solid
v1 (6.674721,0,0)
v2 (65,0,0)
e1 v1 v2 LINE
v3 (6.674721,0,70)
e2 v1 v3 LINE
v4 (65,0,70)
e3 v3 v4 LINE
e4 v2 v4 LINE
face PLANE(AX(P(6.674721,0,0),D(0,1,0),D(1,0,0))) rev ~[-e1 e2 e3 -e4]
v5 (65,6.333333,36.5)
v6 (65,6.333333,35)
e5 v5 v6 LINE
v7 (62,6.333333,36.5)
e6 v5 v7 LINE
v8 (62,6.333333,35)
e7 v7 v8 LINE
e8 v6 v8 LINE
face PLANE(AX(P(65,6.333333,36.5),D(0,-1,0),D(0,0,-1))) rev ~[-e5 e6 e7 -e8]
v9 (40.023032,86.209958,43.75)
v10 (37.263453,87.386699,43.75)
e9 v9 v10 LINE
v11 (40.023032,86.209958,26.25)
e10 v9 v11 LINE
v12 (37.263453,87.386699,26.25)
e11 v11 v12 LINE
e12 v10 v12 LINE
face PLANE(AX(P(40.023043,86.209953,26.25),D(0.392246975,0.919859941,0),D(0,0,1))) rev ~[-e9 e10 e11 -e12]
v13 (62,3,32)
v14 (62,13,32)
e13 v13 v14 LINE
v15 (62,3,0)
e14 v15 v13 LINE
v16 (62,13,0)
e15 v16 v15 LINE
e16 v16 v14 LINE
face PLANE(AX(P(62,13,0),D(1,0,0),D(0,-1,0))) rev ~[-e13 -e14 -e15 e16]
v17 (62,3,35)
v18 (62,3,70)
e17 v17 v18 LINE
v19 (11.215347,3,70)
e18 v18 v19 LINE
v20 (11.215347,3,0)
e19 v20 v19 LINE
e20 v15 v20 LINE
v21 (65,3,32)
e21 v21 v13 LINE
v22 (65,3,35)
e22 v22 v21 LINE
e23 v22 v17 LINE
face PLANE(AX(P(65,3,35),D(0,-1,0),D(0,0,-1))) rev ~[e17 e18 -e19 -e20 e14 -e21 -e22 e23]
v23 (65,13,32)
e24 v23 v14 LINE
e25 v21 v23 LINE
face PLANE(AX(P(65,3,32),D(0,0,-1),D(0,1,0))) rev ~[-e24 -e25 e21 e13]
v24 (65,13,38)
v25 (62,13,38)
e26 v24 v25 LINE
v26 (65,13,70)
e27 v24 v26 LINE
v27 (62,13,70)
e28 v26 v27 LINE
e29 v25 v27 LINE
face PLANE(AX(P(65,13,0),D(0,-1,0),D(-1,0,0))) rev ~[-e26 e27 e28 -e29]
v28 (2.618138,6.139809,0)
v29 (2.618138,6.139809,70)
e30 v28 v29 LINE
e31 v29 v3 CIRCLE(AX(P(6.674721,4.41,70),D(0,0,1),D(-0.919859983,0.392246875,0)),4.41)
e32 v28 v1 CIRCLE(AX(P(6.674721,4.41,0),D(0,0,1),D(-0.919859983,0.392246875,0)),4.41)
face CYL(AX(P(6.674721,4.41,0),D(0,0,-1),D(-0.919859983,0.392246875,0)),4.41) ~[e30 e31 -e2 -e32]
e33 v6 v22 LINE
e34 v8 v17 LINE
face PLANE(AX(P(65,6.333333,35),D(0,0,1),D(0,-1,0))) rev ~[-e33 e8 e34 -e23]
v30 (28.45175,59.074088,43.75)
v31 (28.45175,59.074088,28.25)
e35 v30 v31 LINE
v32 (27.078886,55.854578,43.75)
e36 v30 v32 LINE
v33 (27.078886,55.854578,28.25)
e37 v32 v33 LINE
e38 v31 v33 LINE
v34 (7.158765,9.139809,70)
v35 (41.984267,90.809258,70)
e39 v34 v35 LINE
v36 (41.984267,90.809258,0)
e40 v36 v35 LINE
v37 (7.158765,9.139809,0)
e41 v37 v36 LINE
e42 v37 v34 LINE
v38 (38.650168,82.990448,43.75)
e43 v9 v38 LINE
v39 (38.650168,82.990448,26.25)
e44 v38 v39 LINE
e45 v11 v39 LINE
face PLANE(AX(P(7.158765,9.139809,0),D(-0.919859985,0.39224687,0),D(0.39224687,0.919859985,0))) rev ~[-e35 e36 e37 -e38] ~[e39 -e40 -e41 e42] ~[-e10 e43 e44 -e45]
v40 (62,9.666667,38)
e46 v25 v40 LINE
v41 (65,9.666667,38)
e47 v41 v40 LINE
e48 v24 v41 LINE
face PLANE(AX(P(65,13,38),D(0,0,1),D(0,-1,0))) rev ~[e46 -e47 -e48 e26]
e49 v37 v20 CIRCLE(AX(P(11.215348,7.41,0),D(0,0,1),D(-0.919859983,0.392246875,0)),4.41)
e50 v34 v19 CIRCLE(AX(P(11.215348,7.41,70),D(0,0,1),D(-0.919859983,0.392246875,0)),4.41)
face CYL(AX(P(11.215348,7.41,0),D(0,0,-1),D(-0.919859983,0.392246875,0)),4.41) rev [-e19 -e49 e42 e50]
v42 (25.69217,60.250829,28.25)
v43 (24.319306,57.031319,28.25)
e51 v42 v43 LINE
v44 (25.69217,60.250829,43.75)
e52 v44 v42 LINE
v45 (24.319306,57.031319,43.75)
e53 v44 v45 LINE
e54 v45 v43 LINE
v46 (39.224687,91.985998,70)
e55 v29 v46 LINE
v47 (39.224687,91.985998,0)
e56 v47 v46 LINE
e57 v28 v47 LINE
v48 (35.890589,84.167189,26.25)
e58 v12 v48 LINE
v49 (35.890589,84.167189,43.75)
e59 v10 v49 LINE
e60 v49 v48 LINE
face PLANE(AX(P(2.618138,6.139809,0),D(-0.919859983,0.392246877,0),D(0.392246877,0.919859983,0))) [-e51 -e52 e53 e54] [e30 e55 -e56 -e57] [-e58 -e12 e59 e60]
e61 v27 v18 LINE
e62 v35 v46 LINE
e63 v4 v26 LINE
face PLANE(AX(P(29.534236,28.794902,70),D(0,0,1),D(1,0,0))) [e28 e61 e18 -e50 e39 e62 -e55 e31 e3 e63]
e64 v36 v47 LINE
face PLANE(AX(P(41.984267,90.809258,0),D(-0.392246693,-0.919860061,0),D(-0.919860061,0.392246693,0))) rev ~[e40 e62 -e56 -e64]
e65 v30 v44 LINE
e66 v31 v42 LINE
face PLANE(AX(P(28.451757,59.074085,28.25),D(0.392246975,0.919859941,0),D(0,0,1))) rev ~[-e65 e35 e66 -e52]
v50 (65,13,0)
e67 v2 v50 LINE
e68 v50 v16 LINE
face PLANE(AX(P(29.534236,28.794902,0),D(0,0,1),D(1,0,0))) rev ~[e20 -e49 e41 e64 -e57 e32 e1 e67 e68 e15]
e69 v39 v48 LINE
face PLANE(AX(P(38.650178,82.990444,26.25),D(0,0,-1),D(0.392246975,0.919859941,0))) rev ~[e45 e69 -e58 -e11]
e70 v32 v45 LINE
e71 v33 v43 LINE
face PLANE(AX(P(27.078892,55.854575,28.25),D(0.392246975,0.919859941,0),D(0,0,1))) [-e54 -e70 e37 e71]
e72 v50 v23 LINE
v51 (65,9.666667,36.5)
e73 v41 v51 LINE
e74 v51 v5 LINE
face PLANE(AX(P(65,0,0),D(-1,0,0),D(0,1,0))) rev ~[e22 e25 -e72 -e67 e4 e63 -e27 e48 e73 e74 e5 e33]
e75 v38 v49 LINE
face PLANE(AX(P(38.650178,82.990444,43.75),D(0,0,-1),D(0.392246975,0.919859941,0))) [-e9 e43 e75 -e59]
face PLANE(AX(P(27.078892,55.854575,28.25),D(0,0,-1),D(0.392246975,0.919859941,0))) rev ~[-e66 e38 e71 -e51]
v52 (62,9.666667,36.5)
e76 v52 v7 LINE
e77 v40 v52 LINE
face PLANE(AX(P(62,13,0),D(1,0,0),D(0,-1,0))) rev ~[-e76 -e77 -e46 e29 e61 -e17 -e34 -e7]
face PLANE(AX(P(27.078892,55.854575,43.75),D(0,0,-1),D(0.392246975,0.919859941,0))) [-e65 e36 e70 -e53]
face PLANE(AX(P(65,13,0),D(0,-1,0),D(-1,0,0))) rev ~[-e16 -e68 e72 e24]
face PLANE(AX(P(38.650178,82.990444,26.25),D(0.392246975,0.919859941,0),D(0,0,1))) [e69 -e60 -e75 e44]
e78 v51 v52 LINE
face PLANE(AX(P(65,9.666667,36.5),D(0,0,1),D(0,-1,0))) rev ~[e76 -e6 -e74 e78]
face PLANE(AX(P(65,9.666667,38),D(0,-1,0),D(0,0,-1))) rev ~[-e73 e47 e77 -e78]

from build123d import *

# Parameters (mm, degrees)
PAD_DEPTH       = 70
SKETCH001_W     = 3.5
SKETCH001_H     = 17.5
SKETCH001_H_2   = 15.5
POCKET_DEPTH    = 36.998994
POCKET001_DEPTH = 5


with BuildPart() as part:
    # Sketch → Pad (new body)
    with BuildSketch(Plane.XY):
        with BuildLine():
            Line((6.674721, 0), (65, 0))
            Line((65, 0), (65, 3))
            Line((65, 3), (65, 13))
            Line((65, 13), (62, 13))
            Line((62, 13), (62, 3))
            Line((62, 3), (11.215347, 3))
            ThreePointArc((7.158765, 9.139809), (7.535908, 4.978987), (11.215347, 3))
            Line((7.158765, 9.139809), (41.984267, 90.809258))
            Line((41.984267, 90.809258), (39.224687, 91.985998))
            Line((2.618138, 6.139809), (39.224687, 91.985998))
            ThreePointArc((2.618138, 6.139809), (2.995281, 1.978987), (6.674721, 0))
        make_face()
    extrude(amount=PAD_DEPTH)

    # Sketch001 (on Face9 of Pad) → Pocket (cut, through all)
    with BuildSketch(Plane(origin=(2.75958, -1.176741, 0), x_dir=(0.392247, 0.91986, 0), z_dir=(0.91986, -0.392247, 0))):
        with Locations((93.25, 35)):
            Rectangle(SKETCH001_W, SKETCH001_H)
        with Locations((63.75, 36)):
            Rectangle(SKETCH001_W, SKETCH001_H_2)
    extrude(amount=-POCKET_DEPTH, mode=Mode.SUBTRACT)

    # Sketch002 (on Face16 of Pocket) → Pocket001 (cut)
    with BuildSketch(Plane.YZ.offset(65)):
        Polygon((3, 35), (3, 32), (13, 32), (13, 38), (9.666667, 38), (9.666667, 36.5), (6.333333, 36.5), (6.333333, 35), align=None)
    extrude(amount=-POCKET001_DEPTH, mode=Mode.SUBTRACT)


solid = part.part
